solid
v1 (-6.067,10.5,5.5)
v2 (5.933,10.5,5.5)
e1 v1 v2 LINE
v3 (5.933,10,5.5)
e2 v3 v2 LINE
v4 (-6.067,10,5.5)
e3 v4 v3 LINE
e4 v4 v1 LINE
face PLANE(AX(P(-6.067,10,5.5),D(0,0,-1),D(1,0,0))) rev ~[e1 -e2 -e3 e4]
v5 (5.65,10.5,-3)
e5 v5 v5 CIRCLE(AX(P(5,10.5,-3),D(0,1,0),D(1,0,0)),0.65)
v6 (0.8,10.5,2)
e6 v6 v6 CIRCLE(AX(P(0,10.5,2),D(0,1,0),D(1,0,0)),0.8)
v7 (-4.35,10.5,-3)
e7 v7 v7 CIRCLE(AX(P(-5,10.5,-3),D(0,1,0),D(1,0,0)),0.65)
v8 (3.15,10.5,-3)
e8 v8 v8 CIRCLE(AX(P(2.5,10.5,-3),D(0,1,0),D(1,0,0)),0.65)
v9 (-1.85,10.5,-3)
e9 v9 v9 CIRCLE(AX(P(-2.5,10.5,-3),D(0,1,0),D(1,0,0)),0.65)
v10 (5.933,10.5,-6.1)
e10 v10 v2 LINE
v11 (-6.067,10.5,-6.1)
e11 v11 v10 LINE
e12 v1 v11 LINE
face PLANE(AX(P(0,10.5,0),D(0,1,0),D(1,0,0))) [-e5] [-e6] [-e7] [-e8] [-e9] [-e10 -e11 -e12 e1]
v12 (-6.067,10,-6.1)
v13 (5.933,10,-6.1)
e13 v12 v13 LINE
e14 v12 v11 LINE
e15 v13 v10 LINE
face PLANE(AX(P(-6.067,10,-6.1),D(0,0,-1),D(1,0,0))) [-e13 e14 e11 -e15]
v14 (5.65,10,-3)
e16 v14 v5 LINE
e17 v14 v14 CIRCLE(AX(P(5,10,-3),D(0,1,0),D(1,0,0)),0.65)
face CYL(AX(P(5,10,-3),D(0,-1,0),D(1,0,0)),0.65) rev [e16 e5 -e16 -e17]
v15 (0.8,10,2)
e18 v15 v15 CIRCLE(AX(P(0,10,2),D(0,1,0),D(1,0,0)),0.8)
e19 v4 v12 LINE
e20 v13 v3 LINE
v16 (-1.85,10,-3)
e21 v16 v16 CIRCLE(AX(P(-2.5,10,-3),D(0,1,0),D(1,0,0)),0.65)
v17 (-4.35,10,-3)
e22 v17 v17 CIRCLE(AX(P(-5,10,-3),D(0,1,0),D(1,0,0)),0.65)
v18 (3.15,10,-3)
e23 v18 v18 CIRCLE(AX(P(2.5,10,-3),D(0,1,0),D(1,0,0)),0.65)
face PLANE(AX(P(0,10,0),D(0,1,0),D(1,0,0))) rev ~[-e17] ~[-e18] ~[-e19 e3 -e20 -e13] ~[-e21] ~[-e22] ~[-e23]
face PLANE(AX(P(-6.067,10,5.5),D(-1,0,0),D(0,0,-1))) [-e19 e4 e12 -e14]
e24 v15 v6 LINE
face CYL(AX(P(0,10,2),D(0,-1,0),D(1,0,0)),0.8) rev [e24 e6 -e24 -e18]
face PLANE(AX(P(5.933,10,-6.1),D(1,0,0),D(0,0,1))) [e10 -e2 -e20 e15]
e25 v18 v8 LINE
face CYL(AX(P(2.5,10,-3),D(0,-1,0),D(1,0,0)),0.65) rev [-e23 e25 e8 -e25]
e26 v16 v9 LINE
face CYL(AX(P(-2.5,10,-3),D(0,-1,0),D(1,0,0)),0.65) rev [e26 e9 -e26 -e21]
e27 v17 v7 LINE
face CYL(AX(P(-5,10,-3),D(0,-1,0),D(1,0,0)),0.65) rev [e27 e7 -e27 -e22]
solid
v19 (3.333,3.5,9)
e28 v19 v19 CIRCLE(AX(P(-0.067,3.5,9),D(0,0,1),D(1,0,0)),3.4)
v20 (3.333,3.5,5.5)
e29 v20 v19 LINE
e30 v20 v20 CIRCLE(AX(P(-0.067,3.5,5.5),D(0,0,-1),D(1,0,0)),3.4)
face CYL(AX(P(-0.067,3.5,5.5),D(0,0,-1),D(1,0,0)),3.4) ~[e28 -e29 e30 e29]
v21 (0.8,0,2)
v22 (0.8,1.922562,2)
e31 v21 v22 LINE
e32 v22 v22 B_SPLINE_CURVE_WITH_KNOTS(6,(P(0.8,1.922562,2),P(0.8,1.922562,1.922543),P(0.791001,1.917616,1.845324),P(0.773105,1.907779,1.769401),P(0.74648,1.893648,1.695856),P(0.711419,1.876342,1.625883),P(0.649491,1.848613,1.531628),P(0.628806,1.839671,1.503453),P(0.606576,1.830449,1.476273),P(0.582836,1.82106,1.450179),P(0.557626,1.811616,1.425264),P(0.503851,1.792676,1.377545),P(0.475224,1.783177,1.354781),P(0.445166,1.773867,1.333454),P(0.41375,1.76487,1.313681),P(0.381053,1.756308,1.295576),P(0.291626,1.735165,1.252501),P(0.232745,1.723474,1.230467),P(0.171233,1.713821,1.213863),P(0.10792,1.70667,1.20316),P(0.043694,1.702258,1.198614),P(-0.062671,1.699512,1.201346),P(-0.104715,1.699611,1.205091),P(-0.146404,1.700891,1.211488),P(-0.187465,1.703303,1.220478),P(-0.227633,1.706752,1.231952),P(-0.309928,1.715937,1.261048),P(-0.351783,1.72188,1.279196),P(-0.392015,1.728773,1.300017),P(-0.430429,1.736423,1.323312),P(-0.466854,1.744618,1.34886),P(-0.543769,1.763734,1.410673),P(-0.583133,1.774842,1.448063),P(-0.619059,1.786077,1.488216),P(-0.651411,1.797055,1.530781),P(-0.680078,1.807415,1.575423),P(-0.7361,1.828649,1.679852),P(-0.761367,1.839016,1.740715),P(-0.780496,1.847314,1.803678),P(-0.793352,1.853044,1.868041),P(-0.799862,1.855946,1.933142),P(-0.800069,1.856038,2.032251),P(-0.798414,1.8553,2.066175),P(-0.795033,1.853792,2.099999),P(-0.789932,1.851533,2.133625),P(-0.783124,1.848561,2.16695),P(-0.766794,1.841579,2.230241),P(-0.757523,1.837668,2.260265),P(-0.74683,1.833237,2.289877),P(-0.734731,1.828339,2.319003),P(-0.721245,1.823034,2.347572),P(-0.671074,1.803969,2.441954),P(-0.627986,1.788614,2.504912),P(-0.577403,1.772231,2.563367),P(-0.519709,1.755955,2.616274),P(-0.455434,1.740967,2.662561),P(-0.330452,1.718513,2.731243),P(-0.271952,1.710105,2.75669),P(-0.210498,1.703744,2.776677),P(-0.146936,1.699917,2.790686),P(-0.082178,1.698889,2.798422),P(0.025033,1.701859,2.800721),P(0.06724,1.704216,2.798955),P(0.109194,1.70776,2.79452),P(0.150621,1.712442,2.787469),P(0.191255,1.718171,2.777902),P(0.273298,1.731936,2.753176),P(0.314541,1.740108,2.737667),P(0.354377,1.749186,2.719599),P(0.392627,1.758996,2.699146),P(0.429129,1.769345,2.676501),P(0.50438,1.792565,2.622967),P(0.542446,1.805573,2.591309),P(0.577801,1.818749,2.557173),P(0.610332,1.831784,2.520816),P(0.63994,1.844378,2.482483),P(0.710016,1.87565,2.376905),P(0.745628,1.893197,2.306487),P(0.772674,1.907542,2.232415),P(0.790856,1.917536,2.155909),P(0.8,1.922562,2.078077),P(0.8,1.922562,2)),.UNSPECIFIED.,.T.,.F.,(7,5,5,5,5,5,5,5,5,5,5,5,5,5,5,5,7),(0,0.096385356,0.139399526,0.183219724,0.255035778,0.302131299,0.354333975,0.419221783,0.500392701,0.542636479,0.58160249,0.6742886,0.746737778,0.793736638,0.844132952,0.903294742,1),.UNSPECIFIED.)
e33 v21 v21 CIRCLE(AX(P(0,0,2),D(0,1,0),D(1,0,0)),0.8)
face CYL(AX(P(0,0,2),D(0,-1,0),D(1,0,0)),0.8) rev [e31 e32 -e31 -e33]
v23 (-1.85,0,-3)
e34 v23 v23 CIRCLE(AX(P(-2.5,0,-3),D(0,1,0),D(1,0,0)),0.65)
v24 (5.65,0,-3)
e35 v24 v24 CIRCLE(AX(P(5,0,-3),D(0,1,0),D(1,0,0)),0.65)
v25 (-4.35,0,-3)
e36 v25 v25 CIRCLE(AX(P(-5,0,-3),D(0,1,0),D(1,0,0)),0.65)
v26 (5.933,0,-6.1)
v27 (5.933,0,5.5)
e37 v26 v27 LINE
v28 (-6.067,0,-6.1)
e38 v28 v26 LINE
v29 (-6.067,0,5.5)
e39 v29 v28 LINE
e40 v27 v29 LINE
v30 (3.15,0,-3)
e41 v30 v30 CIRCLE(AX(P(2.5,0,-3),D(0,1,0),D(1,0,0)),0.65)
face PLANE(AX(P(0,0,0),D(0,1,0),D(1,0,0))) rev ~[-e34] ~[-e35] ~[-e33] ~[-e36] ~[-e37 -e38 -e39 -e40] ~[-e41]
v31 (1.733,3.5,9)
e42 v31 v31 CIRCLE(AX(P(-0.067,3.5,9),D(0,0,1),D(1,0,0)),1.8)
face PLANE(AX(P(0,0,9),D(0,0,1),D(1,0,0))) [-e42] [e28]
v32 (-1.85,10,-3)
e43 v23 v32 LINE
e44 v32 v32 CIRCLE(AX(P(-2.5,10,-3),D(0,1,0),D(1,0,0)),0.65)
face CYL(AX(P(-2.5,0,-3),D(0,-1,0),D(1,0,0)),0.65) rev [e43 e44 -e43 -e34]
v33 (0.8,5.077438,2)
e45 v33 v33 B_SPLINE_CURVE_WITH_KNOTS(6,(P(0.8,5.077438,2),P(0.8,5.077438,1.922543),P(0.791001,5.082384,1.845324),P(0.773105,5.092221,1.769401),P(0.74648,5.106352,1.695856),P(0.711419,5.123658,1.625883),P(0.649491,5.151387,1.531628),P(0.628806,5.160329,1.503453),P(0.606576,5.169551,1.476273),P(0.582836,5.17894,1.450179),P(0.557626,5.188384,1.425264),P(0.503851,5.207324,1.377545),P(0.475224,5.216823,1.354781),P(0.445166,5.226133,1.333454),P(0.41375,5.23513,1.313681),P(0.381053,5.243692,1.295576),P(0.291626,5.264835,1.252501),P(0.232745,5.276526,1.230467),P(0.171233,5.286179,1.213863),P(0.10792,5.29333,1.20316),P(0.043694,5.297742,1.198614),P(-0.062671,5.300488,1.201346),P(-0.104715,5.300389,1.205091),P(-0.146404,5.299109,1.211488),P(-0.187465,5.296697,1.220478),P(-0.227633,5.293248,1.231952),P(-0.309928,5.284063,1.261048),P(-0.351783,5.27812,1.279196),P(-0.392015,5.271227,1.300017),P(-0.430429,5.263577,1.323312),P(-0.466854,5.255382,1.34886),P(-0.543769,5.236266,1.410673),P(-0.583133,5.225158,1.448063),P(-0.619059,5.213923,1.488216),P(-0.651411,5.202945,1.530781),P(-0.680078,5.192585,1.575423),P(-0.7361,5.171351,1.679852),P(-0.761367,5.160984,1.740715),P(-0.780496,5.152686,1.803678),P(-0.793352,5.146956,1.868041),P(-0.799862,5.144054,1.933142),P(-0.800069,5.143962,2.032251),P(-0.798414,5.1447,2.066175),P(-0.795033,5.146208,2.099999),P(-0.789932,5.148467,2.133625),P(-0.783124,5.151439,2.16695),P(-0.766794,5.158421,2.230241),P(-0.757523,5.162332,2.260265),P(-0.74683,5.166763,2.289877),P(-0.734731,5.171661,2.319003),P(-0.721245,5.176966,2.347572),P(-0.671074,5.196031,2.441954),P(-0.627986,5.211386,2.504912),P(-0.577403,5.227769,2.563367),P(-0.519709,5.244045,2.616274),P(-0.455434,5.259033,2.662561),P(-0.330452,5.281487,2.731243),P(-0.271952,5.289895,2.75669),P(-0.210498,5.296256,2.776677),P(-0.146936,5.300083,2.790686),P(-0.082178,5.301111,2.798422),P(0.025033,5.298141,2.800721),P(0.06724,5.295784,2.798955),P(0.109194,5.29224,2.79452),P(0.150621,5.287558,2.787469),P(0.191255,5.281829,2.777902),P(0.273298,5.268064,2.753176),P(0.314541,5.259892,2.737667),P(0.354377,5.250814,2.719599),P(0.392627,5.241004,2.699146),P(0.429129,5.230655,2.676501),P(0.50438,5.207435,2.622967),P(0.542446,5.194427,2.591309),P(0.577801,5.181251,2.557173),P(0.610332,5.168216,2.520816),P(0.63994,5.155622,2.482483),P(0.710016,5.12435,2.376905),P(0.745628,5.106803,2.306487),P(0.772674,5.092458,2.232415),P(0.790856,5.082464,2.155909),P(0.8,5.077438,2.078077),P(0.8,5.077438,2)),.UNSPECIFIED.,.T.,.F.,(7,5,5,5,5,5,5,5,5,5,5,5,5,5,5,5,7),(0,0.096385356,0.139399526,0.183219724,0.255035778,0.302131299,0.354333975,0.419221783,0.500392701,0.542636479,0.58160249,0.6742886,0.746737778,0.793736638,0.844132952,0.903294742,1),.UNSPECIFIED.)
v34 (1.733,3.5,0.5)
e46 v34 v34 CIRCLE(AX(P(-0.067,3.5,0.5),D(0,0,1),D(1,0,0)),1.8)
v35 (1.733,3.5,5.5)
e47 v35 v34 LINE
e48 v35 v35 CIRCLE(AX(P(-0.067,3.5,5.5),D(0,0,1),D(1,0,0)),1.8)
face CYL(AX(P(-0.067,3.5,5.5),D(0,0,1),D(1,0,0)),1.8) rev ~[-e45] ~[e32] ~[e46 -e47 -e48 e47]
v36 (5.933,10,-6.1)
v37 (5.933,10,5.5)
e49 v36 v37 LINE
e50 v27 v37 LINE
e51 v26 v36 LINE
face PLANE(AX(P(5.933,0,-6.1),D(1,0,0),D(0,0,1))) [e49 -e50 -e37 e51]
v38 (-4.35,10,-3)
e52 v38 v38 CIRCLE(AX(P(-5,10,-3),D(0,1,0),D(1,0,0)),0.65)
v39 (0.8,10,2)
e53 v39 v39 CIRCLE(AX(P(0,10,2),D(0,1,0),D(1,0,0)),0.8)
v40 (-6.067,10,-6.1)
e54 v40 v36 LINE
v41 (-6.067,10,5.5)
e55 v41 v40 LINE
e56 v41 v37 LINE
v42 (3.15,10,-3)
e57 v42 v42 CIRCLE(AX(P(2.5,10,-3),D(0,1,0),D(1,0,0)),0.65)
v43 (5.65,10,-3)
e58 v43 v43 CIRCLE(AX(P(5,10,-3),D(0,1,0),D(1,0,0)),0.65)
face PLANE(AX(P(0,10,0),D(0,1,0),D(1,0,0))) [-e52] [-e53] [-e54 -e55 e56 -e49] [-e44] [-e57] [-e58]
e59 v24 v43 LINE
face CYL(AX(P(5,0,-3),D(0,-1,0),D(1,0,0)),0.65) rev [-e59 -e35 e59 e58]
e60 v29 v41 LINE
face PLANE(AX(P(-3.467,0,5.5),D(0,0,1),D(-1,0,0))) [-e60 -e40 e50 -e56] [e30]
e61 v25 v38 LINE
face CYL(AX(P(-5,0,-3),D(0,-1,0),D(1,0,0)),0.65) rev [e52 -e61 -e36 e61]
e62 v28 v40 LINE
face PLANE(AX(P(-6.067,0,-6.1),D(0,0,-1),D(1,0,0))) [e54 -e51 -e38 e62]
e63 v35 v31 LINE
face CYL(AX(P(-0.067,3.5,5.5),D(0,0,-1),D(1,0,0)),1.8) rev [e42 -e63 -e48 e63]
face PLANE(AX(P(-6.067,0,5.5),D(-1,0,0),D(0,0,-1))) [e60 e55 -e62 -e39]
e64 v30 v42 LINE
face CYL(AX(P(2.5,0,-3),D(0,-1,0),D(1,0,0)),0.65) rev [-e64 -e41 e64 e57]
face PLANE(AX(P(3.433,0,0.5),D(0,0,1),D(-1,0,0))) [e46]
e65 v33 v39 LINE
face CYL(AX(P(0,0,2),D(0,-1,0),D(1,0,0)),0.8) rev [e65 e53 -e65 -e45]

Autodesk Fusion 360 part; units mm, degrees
sketch "Sketch1" plane through (0, 0, 0) normal (0, 1, 0) x (1, 0, 0)
  line L0 (-6.067, 6.1) -> (5.933, 6.1)
  line L1 (5.933, 6.1) -> (5.933, -5.5)
  line L2 (5.933, -5.5) -> (-6.067, -5.5)
  line L3 (-6.067, -5.5) -> (-6.067, 6.1)
  line L4 (-3.467, -5.5) -> (3.433, -5.5)
  line L5 (3.433, -5.5) -> (3.433, -9)
  line L6 (3.433, -9) -> (-3.467, -9)
  line L7 (-3.467, -9) -> (-3.467, -5.5)
  circle A0 centre (5, 3) radius 0.65
  circle A1 centre (5, 3) radius 0.65
  circle A2 centre (2.5, 3) radius 0.65
  circle A3 centre (-2.5, 3) radius 0.65
  circle A4 centre (-5, 3) radius 0.65
  circle A5 centre (0, -2) radius 0.8
  point P0 (5, 3)
  point P1 (0, 3)
  dimension "d1" = 11.6
  dimension "d2" = 12
  dimension "d3" = 3.5
  dimension "d4" = 6.9
  dimension "d5" = 2.6
  dimension "d9" = 1.3
  dimension "d10" = 8.5
  dimension "d14" = 5
  dimension "d15" = 1.3
  dimension "d16" = 1.3
  dimension "d17" = 1.3
  dimension "d18" = 1.3
  dimension "d19" = 1.6
  dimension "d20" = 5
  dimension "d21" = 7
extrude "Extrude1" add sketch "Sketch1" along normal blind 10 contours L0 L1 L2 L3 L4 makes body 1
sketch "Sketch2" plane through (0, 0, 5.5) normal (0, 0, 1) x (1, 0, 0)
  line L0 (-6.067, 0) -> (5.933, 0)
  line L1 (5.933, 0) -> (5.933, 10)
  line L2 (5.933, 10) -> (-6.067, 10)
  line L3 (-6.067, 10) -> (-6.067, 0)
  circle A0 centre (-0.067, 3.5) radius 3.4
  circle A1 centre (-0.067, 3.5) radius 1.8
  dimension "d24" = 6.8
  dimension "d25" = 6
  dimension "d26" = 6.5
  dimension "d27" = 3.6
extrude "Extrude2" add sketch "Sketch2" along normal blind 3.5 contours A0 bodies 1
extrude "Extrude3" cut 1 faces at (-0.4869, 3.3582, 5.5) along direction (0, 0, -1) blind 5 on bodies 1 bodies 1
extrude "Extrude4" add 1 faces at (-3.9395, 10, 1.7161) along direction (0, 1, 0) blind 0.5 separate body on bodies 1 makes body 2
